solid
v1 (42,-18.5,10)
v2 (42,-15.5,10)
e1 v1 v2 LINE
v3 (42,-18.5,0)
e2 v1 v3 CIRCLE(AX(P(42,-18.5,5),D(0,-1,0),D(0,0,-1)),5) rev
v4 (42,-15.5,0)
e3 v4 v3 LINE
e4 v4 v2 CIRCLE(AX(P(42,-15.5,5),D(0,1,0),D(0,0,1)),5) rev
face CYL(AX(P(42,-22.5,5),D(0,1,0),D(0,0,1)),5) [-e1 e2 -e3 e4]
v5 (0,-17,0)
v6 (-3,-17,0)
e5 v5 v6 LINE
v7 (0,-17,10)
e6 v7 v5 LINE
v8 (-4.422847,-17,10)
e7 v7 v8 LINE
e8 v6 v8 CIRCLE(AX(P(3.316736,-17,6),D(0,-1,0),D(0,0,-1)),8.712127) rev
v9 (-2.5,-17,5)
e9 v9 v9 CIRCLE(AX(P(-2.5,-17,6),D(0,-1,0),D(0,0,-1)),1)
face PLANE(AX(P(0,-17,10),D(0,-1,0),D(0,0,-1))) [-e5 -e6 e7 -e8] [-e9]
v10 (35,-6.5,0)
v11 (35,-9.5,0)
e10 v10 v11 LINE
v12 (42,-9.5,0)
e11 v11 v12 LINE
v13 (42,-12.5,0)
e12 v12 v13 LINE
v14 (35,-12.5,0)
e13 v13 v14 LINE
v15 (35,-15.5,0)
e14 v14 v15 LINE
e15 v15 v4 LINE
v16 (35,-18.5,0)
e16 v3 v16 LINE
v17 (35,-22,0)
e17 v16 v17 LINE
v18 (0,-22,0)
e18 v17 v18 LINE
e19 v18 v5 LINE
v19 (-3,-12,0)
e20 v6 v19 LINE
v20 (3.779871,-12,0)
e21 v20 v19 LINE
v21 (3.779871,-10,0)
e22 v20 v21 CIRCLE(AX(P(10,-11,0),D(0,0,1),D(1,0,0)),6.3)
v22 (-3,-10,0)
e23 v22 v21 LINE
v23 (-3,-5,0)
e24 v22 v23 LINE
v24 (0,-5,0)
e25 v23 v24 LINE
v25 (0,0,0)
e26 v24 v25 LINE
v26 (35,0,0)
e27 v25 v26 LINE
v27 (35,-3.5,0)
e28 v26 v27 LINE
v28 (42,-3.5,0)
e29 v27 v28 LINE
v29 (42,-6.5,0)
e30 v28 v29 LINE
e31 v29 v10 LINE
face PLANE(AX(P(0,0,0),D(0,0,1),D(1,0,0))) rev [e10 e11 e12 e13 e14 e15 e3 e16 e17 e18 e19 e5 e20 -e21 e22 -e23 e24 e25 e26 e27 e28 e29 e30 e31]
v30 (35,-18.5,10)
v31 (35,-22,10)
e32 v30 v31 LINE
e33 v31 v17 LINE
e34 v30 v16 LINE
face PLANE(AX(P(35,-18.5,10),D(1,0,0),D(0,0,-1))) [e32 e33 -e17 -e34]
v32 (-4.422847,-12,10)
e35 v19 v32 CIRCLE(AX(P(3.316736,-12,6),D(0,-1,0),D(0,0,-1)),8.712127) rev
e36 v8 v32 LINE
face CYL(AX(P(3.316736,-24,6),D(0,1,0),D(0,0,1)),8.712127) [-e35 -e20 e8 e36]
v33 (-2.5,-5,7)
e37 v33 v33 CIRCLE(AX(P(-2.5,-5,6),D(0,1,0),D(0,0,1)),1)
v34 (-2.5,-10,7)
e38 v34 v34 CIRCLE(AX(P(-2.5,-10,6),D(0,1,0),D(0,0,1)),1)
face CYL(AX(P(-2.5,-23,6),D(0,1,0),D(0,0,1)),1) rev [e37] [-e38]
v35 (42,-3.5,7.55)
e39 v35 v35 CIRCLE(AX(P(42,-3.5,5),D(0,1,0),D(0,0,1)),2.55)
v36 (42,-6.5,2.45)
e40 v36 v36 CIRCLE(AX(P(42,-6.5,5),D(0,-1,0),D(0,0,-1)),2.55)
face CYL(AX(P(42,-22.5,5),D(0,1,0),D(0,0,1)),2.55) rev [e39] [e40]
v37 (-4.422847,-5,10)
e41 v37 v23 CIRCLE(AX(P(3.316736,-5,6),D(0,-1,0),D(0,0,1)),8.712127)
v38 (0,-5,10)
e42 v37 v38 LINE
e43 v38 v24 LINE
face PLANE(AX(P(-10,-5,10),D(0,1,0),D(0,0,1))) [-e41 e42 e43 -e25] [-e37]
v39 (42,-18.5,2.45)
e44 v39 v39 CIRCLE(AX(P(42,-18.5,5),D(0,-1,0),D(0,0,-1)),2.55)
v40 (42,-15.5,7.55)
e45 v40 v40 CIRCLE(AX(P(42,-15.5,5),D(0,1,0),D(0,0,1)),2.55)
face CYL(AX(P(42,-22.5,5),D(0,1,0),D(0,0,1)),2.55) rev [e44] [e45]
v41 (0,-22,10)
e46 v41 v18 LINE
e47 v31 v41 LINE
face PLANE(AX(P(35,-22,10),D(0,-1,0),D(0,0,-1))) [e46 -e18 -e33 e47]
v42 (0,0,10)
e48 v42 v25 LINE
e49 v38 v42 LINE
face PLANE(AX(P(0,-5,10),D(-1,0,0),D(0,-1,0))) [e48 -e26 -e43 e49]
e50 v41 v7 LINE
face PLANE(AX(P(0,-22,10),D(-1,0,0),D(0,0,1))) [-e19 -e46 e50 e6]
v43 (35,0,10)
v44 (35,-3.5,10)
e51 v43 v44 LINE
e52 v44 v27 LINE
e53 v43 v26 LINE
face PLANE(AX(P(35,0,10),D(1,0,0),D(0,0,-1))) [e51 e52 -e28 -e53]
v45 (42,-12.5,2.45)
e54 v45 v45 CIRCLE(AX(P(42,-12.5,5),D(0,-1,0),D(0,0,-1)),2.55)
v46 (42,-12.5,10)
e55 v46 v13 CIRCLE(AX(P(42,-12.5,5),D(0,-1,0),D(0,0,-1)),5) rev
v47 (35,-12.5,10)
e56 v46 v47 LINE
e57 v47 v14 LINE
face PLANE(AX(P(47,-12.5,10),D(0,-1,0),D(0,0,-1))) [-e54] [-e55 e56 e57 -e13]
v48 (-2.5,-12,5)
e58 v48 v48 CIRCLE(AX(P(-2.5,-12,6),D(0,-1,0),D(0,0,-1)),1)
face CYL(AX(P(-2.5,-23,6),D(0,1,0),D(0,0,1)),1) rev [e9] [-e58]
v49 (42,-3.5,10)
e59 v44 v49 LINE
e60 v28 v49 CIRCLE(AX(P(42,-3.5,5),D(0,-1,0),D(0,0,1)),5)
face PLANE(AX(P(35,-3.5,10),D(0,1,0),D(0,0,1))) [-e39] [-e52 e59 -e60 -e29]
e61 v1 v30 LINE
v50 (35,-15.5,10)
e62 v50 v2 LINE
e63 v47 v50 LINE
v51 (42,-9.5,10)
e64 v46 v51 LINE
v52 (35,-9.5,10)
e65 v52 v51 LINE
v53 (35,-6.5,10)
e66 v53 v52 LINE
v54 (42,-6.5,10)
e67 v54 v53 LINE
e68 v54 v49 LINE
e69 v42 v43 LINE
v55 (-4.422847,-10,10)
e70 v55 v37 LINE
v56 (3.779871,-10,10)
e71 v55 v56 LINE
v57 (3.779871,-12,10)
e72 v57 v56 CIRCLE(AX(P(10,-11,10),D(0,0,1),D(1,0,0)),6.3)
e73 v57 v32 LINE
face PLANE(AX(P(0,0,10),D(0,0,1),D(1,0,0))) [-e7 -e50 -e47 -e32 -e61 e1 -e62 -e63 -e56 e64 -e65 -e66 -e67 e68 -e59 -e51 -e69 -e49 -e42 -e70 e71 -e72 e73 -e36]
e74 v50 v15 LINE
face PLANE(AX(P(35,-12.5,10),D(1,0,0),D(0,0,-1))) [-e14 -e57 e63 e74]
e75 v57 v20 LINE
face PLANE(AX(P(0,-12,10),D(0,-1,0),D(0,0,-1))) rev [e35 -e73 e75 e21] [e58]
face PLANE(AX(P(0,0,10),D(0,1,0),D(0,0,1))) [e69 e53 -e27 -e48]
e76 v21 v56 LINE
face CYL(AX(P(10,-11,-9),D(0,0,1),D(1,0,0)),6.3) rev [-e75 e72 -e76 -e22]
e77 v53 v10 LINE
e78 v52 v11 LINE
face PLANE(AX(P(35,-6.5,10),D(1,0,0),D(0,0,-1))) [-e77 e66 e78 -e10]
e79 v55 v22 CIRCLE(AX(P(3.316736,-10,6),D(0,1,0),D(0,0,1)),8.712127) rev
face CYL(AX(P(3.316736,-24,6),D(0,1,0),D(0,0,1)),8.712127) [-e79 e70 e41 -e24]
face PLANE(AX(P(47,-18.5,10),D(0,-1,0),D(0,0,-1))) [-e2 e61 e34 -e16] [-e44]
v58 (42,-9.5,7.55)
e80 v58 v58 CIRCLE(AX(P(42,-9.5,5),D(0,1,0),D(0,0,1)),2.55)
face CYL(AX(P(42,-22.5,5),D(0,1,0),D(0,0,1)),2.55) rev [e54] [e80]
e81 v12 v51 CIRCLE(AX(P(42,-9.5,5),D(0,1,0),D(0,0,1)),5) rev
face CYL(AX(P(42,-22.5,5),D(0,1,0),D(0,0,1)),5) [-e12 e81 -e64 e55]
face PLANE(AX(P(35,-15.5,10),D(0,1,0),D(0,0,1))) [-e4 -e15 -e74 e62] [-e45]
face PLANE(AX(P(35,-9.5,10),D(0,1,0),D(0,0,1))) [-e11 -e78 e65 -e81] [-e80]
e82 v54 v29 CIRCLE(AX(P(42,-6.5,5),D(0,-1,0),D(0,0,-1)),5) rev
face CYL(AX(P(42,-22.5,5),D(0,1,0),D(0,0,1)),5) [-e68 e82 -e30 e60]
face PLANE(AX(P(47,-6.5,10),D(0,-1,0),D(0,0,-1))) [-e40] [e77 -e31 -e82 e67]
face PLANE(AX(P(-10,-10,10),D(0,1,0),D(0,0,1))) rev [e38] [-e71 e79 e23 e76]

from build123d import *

# Parameters (mm, degrees)
EXTRUDE_1_DEPTH     = 10
SKETCH_2_R          = 2.55
CUT_EXTRUDE_1_DEPTH = 19
CUT_EXTRUDE_2_DEPTH = 19
SKETCH_5_W          = 10
SKETCH_5_H          = 2
CUT_EXTRUDE_4_DEPTH = 19
SKETCH_6_R          = 6.3
CUT_EXTRUDE_5_DEPTH = 19
CUT_EXTRUDE_6_DEPTH = 19
SKETCH_8_R          = 1
CUT_EXTRUDE_7_DEPTH = 18


with BuildPart() as part:
    # 草图1 → 凸台-拉伸1 (new body)
    with BuildSketch(Plane.XY):
        Polygon((0, 0), (35, 0), (35, -3.5), (47, -3.5), (47, -6.5), (35, -6.5), (35, -9.5), (47, -9.5), (47, -12.5), (35, -12.5), (35, -15.5), (47, -15.5), (47, -18.5), (35, -18.5), (35, -22), (0, -22), (0, -17), (-10, -17), (-10, -12), (0, -12), (0, -10), (-10, -10), (-10, -5), (0, -5), align=None)
    extrude(amount=EXTRUDE_1_DEPTH)

    # 草图2 → 切除-拉伸1 (cut)
    with BuildSketch(Plane(origin=(0, -3.5, 0), x_dir=(1, 0, 0), z_dir=(0, 1, 0))):
        with Locations((42, -5)):
            Circle(SKETCH_2_R)
    extrude(amount=-CUT_EXTRUDE_1_DEPTH, mode=Mode.SUBTRACT)

    # 草图3 → 切除-拉伸2 (cut)
    with BuildSketch(Plane(origin=(0, -3.5, 0), x_dir=(1, 0, 0), z_dir=(0, 1, 0))):
        with BuildLine():
            Line((42, 0), (35, 0))
            Line((35, 0), (35, 1.362905895))
            Line((35, 1.362905895), (53.328864927, 1.362905895))
            Line((53.328864927, 1.362905895), (53.328864927, -13.813237877))
            Line((53.328864927, -13.813237877), (35, -13.813237877))
            Line((35, -13.813237877), (35, -10))
            Line((35, -10), (42, -10))
            ThreePointArc((42, -10), (47, -5), (42, 0))
        make_face()
    extrude(amount=-CUT_EXTRUDE_2_DEPTH, mode=Mode.SUBTRACT)

    # 草图5 → 切除-拉伸4 (cut)
    with BuildSketch(Plane.XY.offset(10)):
        with Locations((5, -11)):
            Rectangle(SKETCH_5_W, SKETCH_5_H)
    extrude(amount=-CUT_EXTRUDE_4_DEPTH, mode=Mode.SUBTRACT)

    # 草图6 → 切除-拉伸5 (cut)
    with BuildSketch(Plane.XY.offset(10)):
        with Locations((10, -11)):
            Circle(SKETCH_6_R)
    extrude(amount=-CUT_EXTRUDE_5_DEPTH, mode=Mode.SUBTRACT)

    # 草图7 → 切除-拉伸6 (cut)
    with BuildSketch(Plane(origin=(0, -5, 0), x_dir=(1, 0, 0), z_dir=(0, 1, 0))):
        with BuildLine():
            Line((-4.422847497, -10), (-4.422847497, -16.245470045))
            Line((-4.422847497, -16.245470045), (-15.241663488, -16.245470045))
            Line((-15.241663488, -16.245470045), (-15.241663488, 3.326156632))
            Line((-15.241663488, 3.326156632), (-3, 3.326156632))
            Line((-3, 3.326156632), (-3, 0))
            ThreePointArc((-3, 0), (-5.308519262, -4.772757665), (-4.422847497, -10))
        make_face()
    extrude(amount=-CUT_EXTRUDE_6_DEPTH, mode=Mode.SUBTRACT)

    # 草图8 → 切除-拉伸7 (cut)
    with BuildSketch(Plane(origin=(0, -5, 0), x_dir=(1, 0, 0), z_dir=(0, 1, 0))):
        with Locations((-2.5, -6)):
            Circle(SKETCH_8_R)
    extrude(amount=-CUT_EXTRUDE_7_DEPTH, mode=Mode.SUBTRACT)


solid = part.part
